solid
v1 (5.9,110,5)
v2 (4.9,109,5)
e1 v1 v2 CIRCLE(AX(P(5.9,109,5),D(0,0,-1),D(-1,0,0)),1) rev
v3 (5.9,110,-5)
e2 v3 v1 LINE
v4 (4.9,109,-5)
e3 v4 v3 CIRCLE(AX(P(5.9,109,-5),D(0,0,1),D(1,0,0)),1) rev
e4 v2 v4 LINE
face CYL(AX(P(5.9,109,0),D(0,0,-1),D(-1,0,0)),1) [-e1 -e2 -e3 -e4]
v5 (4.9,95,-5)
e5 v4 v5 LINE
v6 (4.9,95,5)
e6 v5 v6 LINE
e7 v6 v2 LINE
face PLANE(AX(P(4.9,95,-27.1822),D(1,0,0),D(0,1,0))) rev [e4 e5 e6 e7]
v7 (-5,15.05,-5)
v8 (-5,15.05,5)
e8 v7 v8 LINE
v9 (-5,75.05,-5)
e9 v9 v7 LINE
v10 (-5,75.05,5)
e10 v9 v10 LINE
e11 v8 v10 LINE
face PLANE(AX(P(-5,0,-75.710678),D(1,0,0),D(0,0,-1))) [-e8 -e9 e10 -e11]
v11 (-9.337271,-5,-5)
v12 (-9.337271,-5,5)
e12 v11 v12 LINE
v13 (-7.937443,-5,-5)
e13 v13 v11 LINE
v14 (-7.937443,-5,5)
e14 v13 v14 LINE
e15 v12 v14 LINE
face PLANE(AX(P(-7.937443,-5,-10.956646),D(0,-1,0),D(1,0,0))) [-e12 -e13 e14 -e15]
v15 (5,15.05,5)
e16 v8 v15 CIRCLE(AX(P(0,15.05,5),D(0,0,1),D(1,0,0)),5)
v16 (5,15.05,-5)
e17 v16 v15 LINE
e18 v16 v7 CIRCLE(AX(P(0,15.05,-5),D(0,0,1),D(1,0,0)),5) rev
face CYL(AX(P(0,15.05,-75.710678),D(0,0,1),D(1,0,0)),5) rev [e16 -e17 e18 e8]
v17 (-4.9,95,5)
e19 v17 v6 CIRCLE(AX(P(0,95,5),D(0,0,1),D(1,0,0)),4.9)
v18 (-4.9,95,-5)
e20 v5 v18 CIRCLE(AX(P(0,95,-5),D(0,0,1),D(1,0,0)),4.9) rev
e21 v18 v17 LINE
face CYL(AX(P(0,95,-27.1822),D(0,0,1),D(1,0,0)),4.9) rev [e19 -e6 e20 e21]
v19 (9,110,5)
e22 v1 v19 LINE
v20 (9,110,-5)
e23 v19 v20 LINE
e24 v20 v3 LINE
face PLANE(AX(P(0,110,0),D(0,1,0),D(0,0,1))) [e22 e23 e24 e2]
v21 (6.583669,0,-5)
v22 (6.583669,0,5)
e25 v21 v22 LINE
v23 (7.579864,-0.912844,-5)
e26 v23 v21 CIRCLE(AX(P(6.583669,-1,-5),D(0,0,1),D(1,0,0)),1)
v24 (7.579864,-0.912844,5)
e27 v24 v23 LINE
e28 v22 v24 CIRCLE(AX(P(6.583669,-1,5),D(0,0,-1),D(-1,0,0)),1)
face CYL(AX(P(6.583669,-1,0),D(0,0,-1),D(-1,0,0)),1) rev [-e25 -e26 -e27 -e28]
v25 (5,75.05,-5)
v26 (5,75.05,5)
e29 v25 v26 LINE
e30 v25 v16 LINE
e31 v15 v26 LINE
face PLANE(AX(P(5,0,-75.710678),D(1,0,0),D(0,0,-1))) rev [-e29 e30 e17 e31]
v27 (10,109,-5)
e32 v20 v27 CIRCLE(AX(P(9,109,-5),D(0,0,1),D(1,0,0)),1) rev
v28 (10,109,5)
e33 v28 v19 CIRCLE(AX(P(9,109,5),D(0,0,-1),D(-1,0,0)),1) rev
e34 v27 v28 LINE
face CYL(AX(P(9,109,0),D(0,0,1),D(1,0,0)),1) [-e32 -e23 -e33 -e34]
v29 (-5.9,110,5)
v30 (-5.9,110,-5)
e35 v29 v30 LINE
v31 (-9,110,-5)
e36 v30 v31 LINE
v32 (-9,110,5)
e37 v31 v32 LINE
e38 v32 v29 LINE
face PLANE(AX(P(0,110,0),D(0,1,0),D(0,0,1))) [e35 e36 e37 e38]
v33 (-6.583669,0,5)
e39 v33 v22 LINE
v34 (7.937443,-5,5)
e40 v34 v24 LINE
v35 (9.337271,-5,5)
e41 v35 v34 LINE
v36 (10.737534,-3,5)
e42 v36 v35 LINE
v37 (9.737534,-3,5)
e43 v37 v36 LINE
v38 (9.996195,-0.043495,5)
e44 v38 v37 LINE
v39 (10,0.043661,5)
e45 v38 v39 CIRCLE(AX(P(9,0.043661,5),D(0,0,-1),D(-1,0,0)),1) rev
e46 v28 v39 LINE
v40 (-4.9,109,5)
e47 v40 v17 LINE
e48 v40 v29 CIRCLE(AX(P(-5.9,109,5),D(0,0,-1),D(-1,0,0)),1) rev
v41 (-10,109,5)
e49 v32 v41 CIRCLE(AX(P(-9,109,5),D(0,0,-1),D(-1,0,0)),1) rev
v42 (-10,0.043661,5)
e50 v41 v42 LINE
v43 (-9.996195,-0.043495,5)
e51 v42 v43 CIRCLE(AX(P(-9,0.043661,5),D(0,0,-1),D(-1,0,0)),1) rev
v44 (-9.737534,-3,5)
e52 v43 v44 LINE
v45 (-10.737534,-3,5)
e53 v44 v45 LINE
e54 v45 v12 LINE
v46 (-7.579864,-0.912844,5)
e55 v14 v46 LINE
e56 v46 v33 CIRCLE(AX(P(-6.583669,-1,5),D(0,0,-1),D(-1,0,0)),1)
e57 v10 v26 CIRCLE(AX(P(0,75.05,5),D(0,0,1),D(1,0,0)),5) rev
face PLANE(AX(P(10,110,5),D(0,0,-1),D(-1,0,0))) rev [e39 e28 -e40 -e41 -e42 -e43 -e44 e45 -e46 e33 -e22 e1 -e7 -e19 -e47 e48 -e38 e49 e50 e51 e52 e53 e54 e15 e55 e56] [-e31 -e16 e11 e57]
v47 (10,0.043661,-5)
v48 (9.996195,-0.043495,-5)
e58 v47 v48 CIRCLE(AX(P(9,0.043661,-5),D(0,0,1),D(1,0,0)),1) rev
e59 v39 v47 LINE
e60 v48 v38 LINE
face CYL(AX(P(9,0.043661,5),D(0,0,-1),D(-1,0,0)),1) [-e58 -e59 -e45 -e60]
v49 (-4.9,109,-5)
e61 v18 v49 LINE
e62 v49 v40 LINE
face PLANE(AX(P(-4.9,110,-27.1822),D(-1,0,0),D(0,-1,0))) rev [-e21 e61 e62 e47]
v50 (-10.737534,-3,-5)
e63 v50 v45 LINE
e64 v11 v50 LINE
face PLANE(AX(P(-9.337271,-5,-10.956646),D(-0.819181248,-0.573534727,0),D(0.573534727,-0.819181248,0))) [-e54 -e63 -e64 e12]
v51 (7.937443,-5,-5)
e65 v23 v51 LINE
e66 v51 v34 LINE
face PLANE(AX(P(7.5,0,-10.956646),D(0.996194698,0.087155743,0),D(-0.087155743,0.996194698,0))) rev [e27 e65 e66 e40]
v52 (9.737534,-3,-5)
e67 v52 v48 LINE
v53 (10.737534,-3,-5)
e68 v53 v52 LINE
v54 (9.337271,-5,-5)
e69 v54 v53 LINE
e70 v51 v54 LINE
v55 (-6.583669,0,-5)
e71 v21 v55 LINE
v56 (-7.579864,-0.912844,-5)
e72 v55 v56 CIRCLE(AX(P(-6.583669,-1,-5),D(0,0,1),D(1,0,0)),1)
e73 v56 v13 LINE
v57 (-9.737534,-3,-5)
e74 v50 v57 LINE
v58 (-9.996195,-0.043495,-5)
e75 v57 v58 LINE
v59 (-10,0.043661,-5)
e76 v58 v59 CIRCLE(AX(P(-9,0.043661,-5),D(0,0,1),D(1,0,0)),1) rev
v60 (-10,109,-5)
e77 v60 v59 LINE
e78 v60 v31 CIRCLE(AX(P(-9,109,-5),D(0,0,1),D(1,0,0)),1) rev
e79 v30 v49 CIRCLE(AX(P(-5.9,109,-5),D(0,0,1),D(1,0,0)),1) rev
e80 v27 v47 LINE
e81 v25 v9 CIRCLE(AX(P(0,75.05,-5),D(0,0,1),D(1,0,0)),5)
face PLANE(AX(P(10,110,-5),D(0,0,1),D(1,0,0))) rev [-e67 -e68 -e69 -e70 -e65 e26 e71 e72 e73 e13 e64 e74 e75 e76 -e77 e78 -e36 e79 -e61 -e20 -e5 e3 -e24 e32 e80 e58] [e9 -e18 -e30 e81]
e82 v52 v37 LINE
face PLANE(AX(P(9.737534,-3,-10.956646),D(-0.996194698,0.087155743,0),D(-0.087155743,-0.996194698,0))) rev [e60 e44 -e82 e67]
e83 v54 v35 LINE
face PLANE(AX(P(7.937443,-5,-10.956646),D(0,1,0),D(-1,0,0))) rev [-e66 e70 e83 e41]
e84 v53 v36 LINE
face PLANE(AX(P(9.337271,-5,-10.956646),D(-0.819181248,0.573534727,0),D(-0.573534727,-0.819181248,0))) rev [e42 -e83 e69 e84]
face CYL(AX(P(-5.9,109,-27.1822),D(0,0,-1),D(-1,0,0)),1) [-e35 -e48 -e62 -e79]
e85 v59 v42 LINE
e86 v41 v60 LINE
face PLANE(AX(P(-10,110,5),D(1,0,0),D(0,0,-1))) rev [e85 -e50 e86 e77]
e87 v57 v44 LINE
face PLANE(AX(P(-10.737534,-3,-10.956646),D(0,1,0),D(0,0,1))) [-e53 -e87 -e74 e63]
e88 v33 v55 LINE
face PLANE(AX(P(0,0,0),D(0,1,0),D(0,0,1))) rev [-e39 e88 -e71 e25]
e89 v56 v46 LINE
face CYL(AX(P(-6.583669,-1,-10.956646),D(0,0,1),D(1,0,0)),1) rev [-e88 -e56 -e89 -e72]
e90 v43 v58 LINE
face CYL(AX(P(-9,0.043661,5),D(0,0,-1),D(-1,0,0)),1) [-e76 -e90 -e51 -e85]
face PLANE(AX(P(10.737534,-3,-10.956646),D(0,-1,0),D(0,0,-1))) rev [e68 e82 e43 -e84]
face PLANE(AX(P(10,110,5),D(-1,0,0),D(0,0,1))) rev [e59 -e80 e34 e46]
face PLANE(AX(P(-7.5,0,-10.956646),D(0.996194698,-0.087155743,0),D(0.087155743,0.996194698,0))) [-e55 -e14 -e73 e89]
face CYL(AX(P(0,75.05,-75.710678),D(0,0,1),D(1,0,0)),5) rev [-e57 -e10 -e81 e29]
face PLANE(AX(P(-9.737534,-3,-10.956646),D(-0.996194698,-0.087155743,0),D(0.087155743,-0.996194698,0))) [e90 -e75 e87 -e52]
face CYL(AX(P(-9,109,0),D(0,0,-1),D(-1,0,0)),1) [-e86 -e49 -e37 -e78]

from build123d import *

# Parameters (mm, degrees)
SKETCH2_W           = 20
SKETCH2_H           = 10
BOSS_EXTRUDE1_DEPTH = 110
CUT_EXTRUDE1_DEPTH  = 10
SKETCH5_W           = 10
SKETCH5_H           = 60
CUT_EXTRUDE2_DEPTH  = 10
BOSS_EXTRUDE2_DEPTH = 10
FILLET1_R           = 1


with BuildPart() as part:
    # Sketch2 → Boss-Extrude1 (new body)
    with BuildSketch(Plane(origin=(0, 0, 0), x_dir=(1, 0, 0), z_dir=(0, 1, 0))):
        Rectangle(SKETCH2_W, SKETCH2_H)
    extrude(amount=BOSS_EXTRUDE1_DEPTH)

    # Sketch3 → Cut-Extrude1 (cut)
    with BuildSketch(Plane.XY.offset(5)):
        with BuildLine():
            Line((-4.9, 110), (-4.9, 95))
            ThreePointArc((-4.9, 95), (0, 90.1), (4.9, 95))
            Line((4.9, 95), (4.9, 110))
            Line((4.9, 110), (-4.9, 110))
        make_face()
    extrude(amount=-CUT_EXTRUDE1_DEPTH, mode=Mode.SUBTRACT)

    # Sketch5 → Cut-Extrude2 (cut)
    with BuildSketch(Plane.XY.offset(5)):
        with BuildLine():
            Line((-5, 15.05), (5, 15.05))
            ThreePointArc((5, 15.05), (0, 10.05), (-5, 15.05))
        make_face()
        with Locations((0, 45.05)):
            Rectangle(SKETCH5_W, SKETCH5_H)
        with BuildLine():
            ThreePointArc((-5, 75.05), (0, 80.05), (5, 75.05))
            Line((5, 75.05), (-5, 75.05))
        make_face()
    extrude(amount=-CUT_EXTRUDE2_DEPTH, mode=Mode.SUBTRACT)

    # Sketch4 → Boss-Extrude2 (add)
    with BuildSketch(Plane.XY.offset(5)):
        Polygon((-10, 0), (-7.5, 0), (-7.937443318, -5), (-9.33727069, -5), (-10.737534009, -3), (-9.737534009, -3), align=None)
    boss_extrude2 = extrude(amount=-BOSS_EXTRUDE2_DEPTH)

    # Mirror1: Boss-Extrude2 across plane
    add(boss_extrude2.mirror(Plane(origin=(0, 0, 0), x_dir=(0, 0, 1), z_dir=(1, 0, 0))))

    # Fillet1
    fillet1_edges = [part.edges().sort_by_distance(p)[0] for p in [
        (10, 110, 0),
        (-4.9, 110, 0),
        (4.9, 110, 0),
        (-7.5, 0, 0),
        (-10, 110, 0),
        (10, 0, 0),
        (-10, 0, 0),
        (7.5, 0, 0),
    ]]
    fillet(fillet1_edges, radius=FILLET1_R)


solid = part.part
